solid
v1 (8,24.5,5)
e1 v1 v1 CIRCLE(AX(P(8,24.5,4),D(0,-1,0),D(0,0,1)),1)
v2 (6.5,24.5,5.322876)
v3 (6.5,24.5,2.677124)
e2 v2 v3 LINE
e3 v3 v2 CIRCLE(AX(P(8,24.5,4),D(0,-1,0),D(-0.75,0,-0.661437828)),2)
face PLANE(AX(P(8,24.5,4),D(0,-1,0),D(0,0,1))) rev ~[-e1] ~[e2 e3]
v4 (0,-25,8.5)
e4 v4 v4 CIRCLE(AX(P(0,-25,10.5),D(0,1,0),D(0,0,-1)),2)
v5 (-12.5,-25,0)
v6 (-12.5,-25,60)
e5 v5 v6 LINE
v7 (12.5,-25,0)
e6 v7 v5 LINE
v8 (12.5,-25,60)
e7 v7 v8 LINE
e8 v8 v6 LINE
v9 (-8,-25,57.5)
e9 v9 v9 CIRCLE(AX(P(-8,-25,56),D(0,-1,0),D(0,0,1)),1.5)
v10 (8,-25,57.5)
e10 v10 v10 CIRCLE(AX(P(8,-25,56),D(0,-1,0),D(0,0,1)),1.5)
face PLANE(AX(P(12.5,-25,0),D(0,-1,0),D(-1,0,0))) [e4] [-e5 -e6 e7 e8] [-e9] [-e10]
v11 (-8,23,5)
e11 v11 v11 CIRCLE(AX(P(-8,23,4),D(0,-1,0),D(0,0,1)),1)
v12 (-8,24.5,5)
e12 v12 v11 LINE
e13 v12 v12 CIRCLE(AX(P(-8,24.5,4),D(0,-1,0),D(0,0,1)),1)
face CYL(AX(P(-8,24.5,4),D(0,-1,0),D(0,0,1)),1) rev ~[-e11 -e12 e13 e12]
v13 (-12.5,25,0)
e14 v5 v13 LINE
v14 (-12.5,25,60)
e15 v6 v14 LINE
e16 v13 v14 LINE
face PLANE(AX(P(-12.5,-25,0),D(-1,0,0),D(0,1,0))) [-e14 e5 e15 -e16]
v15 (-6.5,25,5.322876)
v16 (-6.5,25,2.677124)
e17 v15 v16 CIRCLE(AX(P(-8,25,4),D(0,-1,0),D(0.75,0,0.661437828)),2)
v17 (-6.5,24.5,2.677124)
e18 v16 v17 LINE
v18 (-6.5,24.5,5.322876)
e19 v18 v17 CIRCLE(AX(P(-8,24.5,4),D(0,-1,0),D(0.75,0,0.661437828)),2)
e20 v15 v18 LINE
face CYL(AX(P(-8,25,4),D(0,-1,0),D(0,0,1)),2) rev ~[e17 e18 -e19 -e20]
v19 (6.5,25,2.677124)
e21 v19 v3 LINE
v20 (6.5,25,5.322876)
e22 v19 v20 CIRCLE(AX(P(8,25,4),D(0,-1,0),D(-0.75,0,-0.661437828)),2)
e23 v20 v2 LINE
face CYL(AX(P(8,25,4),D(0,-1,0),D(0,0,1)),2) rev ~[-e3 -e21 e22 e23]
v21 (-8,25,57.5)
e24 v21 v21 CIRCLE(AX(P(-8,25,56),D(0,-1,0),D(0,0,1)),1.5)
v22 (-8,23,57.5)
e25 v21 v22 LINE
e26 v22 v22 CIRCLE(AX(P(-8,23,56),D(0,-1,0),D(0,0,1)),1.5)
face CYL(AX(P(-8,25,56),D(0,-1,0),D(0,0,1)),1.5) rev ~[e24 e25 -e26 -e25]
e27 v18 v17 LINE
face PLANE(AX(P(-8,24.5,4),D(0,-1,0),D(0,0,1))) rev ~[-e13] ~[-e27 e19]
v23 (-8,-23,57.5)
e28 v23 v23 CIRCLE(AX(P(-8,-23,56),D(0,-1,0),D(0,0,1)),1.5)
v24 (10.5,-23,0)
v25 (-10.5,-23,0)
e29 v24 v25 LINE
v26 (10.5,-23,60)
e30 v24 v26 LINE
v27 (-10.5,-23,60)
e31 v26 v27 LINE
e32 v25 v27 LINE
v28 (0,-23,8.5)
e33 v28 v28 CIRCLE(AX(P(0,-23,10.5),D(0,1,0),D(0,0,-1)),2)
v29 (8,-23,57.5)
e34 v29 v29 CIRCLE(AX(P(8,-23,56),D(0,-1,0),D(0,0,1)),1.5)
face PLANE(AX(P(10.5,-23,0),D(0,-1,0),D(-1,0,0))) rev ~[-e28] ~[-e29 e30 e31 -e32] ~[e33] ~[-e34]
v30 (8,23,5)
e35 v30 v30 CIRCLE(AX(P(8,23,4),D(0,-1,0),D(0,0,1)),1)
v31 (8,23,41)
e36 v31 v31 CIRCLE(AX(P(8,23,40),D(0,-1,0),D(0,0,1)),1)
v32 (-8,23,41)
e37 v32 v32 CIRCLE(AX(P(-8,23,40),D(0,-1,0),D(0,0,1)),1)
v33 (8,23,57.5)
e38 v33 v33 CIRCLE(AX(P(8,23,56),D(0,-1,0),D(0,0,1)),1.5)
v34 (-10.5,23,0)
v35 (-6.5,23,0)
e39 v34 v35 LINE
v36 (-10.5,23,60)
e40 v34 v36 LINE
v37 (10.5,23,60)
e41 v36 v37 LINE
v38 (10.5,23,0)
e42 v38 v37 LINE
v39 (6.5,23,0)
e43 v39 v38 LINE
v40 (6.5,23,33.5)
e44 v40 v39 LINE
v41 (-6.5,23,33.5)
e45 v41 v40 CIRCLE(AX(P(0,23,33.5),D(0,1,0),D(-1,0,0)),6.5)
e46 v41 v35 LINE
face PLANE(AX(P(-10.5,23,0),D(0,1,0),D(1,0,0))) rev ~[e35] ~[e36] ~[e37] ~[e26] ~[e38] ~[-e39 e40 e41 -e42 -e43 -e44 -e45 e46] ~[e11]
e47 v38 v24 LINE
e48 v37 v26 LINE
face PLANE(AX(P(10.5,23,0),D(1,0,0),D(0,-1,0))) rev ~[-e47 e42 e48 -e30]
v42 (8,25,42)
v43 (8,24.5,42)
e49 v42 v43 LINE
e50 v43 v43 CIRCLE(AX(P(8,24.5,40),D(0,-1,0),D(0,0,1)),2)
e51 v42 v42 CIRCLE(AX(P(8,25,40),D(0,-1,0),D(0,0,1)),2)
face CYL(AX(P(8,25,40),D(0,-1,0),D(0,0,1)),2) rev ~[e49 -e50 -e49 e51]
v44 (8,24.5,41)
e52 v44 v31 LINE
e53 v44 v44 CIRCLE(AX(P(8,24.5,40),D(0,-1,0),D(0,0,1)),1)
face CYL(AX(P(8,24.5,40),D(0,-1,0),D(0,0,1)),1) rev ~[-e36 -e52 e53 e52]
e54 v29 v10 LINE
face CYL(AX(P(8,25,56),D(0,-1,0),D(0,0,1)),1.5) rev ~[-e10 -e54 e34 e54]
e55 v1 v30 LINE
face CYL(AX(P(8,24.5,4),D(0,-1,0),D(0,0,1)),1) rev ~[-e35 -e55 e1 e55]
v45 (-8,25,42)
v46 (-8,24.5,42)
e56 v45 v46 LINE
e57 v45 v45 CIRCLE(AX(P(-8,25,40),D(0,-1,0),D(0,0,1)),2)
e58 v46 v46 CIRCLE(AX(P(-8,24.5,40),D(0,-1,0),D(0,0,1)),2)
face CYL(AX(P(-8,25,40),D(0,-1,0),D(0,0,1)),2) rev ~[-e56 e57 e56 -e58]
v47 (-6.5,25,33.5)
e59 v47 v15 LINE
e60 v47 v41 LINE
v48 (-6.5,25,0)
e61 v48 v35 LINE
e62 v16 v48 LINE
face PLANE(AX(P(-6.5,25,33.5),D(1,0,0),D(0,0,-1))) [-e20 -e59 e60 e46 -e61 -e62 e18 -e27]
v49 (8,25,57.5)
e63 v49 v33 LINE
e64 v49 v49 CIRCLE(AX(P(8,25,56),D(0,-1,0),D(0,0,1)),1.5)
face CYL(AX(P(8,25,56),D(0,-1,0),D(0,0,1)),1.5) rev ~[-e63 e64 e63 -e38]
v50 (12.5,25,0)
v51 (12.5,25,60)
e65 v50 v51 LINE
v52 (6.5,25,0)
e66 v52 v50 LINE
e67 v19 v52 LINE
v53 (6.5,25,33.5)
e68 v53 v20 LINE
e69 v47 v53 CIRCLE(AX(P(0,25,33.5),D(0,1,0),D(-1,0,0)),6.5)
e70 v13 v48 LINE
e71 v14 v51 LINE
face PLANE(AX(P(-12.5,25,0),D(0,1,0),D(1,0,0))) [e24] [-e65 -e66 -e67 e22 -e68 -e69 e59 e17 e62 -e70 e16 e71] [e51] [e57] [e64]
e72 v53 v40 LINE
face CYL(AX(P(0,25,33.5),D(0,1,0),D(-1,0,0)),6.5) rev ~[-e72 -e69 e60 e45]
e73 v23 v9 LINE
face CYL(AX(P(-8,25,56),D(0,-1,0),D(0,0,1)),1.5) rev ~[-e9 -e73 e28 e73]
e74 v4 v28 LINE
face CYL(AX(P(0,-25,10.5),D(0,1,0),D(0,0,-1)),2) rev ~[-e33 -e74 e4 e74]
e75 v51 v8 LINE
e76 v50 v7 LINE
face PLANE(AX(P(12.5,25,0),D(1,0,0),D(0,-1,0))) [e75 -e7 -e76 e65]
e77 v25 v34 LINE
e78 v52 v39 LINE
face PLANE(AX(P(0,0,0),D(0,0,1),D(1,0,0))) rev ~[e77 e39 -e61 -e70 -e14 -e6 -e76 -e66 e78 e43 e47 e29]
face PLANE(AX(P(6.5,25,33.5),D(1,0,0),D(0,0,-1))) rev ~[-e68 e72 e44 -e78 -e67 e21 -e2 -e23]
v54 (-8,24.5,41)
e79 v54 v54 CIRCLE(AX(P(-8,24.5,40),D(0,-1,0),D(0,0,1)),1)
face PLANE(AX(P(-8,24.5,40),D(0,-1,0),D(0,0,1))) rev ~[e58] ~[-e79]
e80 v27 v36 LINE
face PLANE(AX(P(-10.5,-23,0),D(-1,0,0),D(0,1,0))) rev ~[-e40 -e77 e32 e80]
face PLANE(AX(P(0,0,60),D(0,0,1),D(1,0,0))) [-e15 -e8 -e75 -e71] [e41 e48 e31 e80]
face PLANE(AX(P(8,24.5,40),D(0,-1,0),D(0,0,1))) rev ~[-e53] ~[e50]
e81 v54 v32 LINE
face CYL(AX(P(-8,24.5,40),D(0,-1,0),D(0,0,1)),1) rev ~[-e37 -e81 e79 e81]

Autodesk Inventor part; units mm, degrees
ref_plane "YZ Plane" through (0, 0, 0) normal (1, 0, 0) x (0, 1, 0)
ref_plane "XZ Plane" through (0, 0, 0) normal (0, 1, 0) x (-1, 0, 0)
ref_plane "XY Plane" through (0, 0, 0) normal (0, 0, 1) x (1, 0, 0)
sketch "スケッチ1" plane through (0, 0, 0) normal (0, 0, 1) x (1, 0, 0)
  line L0 (-12.5, 25) -> (12.5, 25)
  line L1 (12.5, 25) -> (12.5, -25)
  line L2 (12.5, -25) -> (-12.5, -25)
  line L3 (-12.5, -25) -> (-12.5, 25)
  line L4 (-10.5, 23) -> (10.5, 23)
  line L5 (10.5, 23) -> (10.5, -23)
  line L6 (10.5, -23) -> (-10.5, -23)
  line L7 (-10.5, -23) -> (-10.5, 23)
  point P0 (0, 0)
  dimension "d0" = 25
  dimension "d1" = 50
  dimension "d2" = 46
  dimension "d3" = 21
  dimension "d4" = 25
  dimension "d5" = 23
  dimension "d6" = 10.5
  dimension "d7" = 12.5
extrude "押し出し1" add sketch "スケッチ1" along normal blind 60
sketch "スケッチ2" plane through (-12.5, 25, 0) normal (0, 1, 0) x (1, 0, 0)
  line L0 (0, 0) -> (25, 0) projected
  line L1 (0, 0) -> (0, -60) projected
  arc A0 (6, -33.5) -> (19, -33.5) centre (12.5, -33.5) ccw
  line L2 (6, -33.5) -> (6, 0)
  line L3 (19, -33.5) -> (19, 0)
  point P0 (12.5, 0)
  dimension "d10" = 13
  dimension "d11" = 33.5
  dimension "d12" = 12.5
extrude "押し出し2" cut sketch "スケッチ2" against normal blind 2
sketch "スケッチ3" plane through (-12.5, 25, 60) normal (0, 1, 0) x (1, 0, 0)
  arc A0 (6, 26.5) -> (19, 26.5) centre (12.5, 26.5) ccw projected
  circle A1 centre (4.5, 20) radius 1
  circle A2 centre (4.5, 56) radius 1
  circle A3 centre (20.5, 56) radius 1
  circle A4 centre (20.5, 20) radius 1
  point P0 (12.5, 60)
  dimension "d15" = 6.5
  dimension "d16" = 6.5
  dimension "d17" = 2
  dimension "d18" = 8
  dimension "d19" = 8
  dimension "d20" = 8
  dimension "d21" = 8
  dimension "d22" = 29.5
  dimension "d23" = 29.5
hole "穴1" at (-8, 25, 4) at (8, 25, 4) at (8, 25, 40) at (-8, 25, 40) direction (0, -1, 0) diameter 2 depth 2 tip angle 118 counterbore diameter 4 counterbore depth 0.5
sketch "スケッチ4" plane through (-12.5, -25, 0) normal (0, -1, 0) x (1, 0, 0)
  line L0 (25, 0) -> (0, 0) projected
  line L1 (25, 0) -> (25, 60) projected
  circle A0 centre (12.5, 10.5) radius 2
  point P0 (12.5, 0)
  dimension "d31" = 4
  dimension "d32" = 12.5
  dimension "d33" = 10.5
hole "穴2" at (0, -25, 10.5) direction (0, 1, 0) diameter 4 end through all
sketch "スケッチ5" plane through (-12.5, 25, 60) normal (0, 1, 0) x (1, 0, 0)
  line L0 (0, 0) -> (25, 0) projected
  arc A0 (6, 26.5) -> (19, 26.5) centre (12.5, 26.5) ccw projected
  circle A1 centre (20.5, 4) radius 1.5
  circle A2 centre (4.5, 4) radius 1.5
  point P0 (12.5, 60)
  dimension "d43" = 4
  dimension "d44" = 4
  dimension "d46" = 8
  dimension "d47" = 8
  dimension "d57" = 3
hole "穴4" at (-8, 25, 56) at (8, 25, 56) direction (0, -1, 0) diameter 3 end through all
thread "ねじ1" size "M3x0.5" class "6H" standard "ANSI Metric M Profile" full length
thread "ねじ2" size "M3x0.5" class "6H" standard "ANSI Metric M Profile" full length
thread "ねじ3" size "M3x0.5" class "6H" standard "ANSI Metric M Profile" full length
thread "ねじ4" size "M3x0.5" class "6H" standard "ANSI Metric M Profile" full length
properties part number "10" material "アルミニウム 6061"
